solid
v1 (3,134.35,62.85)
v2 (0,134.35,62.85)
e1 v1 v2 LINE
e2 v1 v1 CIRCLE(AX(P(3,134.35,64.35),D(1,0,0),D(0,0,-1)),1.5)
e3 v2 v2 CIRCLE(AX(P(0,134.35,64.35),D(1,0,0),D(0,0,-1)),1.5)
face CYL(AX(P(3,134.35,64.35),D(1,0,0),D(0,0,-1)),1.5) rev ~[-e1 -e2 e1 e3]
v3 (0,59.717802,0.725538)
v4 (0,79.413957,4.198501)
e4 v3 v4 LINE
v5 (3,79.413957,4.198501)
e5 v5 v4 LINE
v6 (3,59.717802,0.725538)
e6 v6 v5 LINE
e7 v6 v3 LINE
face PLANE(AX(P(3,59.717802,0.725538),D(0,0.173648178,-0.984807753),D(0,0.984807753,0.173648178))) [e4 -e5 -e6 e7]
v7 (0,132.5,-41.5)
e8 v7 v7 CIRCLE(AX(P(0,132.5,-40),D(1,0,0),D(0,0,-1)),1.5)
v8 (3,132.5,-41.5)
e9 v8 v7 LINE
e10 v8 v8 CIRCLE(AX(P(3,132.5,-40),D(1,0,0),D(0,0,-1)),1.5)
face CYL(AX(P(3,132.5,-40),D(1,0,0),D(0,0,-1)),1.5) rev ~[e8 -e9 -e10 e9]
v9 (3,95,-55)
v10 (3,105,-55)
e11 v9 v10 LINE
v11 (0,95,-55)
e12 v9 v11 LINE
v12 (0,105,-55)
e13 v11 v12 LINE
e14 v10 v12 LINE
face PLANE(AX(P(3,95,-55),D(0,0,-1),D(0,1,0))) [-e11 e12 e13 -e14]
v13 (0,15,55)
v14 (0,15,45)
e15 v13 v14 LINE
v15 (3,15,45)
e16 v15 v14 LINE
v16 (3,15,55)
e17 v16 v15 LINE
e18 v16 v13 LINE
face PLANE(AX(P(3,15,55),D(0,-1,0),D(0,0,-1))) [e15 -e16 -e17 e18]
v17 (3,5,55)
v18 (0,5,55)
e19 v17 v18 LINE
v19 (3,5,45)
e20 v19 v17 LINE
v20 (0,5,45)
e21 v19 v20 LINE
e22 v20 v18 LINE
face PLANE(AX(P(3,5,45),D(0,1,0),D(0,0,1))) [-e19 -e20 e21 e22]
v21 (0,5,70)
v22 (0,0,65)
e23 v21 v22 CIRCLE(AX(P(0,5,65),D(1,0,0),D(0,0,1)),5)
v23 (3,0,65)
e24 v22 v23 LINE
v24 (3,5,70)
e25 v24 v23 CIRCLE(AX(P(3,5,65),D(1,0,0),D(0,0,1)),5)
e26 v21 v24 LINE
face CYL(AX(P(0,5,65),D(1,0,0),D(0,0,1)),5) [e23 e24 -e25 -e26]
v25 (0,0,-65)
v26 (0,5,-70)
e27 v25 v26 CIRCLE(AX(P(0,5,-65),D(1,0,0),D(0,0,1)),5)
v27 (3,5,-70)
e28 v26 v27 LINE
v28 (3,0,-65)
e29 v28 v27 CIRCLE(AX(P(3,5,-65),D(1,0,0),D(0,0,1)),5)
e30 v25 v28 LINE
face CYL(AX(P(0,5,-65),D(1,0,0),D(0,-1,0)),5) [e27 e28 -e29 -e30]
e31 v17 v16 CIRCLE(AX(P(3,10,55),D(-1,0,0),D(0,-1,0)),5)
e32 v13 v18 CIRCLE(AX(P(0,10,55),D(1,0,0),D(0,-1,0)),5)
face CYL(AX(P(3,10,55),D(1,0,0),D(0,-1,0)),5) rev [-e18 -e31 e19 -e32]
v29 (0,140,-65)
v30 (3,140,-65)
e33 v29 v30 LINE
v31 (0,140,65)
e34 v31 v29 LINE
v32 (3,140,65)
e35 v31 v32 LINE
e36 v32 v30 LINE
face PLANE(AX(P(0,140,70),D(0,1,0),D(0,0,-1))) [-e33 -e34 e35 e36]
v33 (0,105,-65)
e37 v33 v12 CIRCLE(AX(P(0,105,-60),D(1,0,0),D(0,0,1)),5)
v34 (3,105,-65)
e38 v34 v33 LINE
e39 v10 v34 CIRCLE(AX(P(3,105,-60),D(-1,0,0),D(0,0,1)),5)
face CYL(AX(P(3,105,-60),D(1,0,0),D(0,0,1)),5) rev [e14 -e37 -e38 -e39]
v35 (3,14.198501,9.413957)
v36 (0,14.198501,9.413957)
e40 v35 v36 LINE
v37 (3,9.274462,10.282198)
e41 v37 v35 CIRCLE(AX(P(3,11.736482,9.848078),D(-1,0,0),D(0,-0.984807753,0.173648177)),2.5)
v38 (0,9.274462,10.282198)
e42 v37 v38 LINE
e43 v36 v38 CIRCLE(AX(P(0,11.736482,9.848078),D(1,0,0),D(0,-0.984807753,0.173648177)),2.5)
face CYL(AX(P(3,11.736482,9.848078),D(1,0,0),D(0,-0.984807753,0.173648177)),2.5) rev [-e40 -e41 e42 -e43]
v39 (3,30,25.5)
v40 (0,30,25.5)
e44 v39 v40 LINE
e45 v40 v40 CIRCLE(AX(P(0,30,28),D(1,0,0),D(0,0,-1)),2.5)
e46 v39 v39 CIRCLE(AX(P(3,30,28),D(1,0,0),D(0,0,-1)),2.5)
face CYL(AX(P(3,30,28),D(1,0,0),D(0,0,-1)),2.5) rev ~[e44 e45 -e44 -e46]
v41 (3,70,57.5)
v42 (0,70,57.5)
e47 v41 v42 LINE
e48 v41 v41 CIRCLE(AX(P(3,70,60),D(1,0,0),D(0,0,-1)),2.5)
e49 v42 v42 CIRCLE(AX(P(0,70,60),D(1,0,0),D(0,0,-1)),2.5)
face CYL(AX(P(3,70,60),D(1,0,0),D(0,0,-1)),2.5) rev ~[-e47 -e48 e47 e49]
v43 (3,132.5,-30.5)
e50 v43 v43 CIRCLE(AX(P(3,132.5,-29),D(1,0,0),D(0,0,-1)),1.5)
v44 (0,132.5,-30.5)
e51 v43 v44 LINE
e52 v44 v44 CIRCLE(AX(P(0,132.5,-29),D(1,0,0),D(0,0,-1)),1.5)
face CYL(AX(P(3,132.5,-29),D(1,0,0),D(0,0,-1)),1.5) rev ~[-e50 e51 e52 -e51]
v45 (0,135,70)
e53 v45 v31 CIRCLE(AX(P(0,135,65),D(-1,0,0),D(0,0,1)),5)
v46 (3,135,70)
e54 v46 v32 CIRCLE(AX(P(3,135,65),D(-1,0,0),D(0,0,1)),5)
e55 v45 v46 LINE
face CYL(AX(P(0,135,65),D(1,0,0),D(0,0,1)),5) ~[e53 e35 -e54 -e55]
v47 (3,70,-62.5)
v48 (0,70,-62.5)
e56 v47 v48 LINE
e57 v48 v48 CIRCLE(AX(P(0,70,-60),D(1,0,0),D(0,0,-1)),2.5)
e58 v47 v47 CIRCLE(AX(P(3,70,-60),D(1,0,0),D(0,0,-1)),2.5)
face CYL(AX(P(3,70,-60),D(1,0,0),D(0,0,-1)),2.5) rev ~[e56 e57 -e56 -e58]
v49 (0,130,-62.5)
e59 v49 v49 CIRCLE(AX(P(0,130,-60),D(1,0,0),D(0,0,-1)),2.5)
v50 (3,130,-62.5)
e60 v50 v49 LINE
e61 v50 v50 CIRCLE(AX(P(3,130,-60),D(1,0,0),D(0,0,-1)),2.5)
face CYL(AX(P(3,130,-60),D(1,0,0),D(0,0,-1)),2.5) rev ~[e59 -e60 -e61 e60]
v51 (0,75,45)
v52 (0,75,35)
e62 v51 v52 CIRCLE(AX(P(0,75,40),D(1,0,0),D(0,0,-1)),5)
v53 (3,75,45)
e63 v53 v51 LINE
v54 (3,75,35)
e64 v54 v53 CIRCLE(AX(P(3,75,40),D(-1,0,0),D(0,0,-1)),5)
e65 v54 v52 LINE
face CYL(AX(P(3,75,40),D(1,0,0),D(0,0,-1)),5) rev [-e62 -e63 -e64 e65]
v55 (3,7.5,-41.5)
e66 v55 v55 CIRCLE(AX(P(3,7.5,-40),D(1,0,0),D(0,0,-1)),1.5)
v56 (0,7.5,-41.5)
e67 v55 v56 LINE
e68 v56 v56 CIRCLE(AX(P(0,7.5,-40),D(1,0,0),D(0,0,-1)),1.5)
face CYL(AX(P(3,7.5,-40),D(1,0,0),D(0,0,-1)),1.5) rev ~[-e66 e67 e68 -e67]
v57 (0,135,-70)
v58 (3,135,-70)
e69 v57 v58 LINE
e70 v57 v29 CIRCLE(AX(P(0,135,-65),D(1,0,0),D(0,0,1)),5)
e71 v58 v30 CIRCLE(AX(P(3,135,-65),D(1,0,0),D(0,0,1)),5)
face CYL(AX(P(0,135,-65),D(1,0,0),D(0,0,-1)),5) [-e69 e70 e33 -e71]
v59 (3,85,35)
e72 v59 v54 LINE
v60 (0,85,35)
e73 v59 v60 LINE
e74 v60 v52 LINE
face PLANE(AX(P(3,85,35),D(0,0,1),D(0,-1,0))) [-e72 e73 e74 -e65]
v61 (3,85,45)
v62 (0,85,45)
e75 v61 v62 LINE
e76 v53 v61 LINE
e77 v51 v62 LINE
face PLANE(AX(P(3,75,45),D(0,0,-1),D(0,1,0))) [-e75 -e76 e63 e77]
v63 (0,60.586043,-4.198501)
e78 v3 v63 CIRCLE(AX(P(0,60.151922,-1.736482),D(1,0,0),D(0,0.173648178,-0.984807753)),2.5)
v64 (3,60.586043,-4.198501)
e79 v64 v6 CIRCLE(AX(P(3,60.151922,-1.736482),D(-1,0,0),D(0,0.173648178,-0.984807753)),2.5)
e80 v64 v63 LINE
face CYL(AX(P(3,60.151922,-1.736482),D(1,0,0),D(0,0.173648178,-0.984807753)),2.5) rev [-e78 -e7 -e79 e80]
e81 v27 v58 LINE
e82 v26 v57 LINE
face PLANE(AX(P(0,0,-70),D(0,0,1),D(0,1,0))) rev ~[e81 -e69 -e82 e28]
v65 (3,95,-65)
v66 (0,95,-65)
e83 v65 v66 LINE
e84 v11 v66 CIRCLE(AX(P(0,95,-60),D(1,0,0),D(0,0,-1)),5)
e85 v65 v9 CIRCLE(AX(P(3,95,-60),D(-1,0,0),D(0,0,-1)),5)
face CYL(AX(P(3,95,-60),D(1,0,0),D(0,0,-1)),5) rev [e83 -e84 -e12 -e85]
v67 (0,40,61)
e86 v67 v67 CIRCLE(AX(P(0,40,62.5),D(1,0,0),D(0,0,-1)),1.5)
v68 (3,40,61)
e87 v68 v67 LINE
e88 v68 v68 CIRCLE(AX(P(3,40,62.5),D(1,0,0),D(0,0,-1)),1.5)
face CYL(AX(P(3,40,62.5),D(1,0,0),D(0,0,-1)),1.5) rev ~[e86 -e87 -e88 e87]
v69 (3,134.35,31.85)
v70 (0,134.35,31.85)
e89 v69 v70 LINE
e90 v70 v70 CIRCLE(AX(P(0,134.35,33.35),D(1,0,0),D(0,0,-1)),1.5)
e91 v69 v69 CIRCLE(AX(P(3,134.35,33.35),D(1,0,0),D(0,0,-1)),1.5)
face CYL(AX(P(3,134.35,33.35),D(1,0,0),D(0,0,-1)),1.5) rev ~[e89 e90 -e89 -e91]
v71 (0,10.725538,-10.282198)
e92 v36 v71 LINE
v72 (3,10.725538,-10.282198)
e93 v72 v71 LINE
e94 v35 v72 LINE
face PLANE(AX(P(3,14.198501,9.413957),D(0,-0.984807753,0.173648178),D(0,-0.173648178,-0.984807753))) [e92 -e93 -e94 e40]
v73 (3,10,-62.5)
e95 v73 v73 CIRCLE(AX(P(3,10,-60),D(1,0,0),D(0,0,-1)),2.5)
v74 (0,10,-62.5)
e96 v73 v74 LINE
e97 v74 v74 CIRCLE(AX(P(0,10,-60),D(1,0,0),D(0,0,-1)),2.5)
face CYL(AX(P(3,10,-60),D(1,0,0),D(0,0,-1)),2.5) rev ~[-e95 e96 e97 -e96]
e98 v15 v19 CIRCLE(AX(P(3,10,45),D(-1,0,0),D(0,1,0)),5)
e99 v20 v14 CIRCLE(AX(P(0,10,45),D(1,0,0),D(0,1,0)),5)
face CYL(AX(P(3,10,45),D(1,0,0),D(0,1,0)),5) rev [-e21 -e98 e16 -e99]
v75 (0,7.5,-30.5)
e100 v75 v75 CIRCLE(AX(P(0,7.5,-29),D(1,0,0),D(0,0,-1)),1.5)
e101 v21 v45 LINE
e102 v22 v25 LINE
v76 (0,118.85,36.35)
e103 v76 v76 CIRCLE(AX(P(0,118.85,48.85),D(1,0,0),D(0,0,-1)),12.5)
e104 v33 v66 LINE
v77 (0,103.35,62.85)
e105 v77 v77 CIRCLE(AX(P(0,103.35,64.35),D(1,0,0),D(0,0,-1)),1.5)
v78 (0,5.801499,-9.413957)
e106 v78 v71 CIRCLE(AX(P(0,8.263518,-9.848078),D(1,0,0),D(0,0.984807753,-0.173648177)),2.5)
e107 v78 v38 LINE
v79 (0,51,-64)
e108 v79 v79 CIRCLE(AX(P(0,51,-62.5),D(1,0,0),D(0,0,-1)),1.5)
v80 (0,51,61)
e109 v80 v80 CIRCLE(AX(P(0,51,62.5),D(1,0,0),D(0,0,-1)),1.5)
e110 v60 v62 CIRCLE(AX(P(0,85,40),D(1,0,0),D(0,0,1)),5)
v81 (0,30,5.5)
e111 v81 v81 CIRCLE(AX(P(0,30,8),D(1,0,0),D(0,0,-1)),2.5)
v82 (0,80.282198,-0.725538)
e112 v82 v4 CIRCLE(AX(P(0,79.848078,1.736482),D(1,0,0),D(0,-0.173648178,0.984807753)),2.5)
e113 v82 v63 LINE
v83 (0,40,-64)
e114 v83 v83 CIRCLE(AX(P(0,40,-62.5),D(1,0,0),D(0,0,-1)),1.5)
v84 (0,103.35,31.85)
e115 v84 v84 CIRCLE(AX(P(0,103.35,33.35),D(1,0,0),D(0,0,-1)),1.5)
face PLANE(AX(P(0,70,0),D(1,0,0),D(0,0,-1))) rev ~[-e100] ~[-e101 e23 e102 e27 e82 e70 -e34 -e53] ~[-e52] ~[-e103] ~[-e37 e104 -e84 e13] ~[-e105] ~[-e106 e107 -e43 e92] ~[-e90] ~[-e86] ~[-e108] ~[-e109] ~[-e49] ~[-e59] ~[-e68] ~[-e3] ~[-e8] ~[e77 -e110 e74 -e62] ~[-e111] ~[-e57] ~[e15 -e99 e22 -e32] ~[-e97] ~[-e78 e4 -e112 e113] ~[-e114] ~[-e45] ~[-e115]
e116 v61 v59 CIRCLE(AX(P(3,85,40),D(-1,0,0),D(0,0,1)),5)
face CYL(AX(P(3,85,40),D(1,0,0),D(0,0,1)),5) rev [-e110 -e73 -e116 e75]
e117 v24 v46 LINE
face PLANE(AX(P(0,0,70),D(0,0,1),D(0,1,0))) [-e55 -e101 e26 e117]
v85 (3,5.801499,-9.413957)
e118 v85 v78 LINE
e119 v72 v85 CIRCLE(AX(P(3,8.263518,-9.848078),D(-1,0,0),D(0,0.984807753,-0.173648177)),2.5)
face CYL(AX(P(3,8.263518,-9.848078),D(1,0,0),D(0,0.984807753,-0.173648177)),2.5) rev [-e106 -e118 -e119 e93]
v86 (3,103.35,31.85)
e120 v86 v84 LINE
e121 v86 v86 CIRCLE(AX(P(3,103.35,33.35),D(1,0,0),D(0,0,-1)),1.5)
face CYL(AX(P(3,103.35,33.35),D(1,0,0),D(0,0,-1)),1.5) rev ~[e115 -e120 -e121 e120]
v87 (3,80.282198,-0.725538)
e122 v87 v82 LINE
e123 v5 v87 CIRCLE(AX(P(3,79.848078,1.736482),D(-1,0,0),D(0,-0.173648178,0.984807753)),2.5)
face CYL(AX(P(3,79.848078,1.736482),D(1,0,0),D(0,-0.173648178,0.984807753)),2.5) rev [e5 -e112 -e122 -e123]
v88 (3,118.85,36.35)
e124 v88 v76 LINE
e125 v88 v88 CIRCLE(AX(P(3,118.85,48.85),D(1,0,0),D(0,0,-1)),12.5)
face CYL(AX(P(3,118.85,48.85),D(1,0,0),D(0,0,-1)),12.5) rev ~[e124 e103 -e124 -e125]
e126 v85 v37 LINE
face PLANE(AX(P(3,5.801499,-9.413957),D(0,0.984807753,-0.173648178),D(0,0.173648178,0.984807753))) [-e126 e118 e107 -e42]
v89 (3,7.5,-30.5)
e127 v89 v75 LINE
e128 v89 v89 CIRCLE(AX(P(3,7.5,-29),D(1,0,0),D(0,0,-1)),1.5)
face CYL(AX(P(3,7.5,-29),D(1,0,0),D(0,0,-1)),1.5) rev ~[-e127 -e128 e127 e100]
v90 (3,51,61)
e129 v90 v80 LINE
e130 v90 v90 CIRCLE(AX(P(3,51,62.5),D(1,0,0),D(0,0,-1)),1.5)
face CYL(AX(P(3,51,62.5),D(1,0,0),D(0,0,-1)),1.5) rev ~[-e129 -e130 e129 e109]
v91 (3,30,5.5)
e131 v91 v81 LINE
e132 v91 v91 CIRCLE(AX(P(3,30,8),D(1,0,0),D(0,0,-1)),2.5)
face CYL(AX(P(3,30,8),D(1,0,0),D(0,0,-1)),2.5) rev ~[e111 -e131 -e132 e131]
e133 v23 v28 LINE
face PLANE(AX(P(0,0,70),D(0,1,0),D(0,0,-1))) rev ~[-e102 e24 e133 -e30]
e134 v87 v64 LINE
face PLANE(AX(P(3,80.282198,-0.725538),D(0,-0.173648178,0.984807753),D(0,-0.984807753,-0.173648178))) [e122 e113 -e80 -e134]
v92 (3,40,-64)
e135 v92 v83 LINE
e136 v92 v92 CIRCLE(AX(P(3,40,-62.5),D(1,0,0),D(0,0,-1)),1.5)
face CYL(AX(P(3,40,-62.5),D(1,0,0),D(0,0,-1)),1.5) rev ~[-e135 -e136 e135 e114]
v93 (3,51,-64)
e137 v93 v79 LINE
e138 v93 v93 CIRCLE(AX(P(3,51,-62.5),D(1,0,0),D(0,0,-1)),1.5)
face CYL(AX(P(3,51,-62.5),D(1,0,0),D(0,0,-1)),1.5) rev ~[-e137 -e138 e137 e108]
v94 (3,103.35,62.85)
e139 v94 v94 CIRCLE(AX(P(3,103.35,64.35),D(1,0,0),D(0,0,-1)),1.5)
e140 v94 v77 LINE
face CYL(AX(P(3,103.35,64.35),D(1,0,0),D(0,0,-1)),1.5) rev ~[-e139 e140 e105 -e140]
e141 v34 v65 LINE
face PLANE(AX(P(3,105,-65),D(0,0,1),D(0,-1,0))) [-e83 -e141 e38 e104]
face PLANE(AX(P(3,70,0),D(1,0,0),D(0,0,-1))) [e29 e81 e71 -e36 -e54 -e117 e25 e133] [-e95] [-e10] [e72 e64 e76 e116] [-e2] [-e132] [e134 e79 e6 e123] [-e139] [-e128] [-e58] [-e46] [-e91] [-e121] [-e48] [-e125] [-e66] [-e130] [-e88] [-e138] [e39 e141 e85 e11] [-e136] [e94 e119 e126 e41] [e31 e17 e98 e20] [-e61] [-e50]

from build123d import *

# Parameters (mm, degrees)
SKETCH1_W                               = 140
SKETCH1_H                               = 140
BASE_PLATE_DEPTH                        = 3
BASE_PLATE_CORNER_ROUNDING_R            = 5
SKETCH2_R                               = 2.5
V_WHEEL_SLOTS_AND_HOLES_DEPTH           = 4
SKETCH4_R                               = 1.5
MOTOR_MOUNT_HOLES_DEPTH                 = 4
MOTOR_MOUNT_HOLES_PATTERN_COUNT         = 2
MOTOR_MOUNT_HOLES_PATTERN_PITCH         = 31
MOTOR_MOUNT_HOLES_PATTERN_COUNT_DIR2    = 2
MOTOR_MOUNT_HOLES_PATTERN_PITCH_DIR2    = 31
SKETCH5_R                               = 12.5
MOTOR_HOLE_DEPTH                        = 4
SKETCH6_R                               = 2.5
THREADED_ROD_BLOCK_MOUNTING_HOLES_DEPTH = 4
SKETCH7_R                               = 1.5
ENDSTOP_MOUNTING_HOLES_DEPTH            = 4
WIRE_ROUTING_SLOTS_DEPTH                = 4


with BuildPart() as part:
    # Sketch1 → Base Plate (new body)
    with BuildSketch(Plane(origin=(0, 0, 0), x_dir=(0, 0, -1), z_dir=(1, 0, 0))):
        with Locations((0, 70)):
            Rectangle(SKETCH1_W, SKETCH1_H)
    extrude(amount=BASE_PLATE_DEPTH)

    # Base Plate Corner Rounding
    base_plate_corner_rounding_edges = [part.edges().sort_by_distance(p)[0] for p in [
        (1.5, 140, 70),
        (1.5, 140, -70),
        (1.5, 0, -70),
        (1.5, 0, 70),
    ]]
    fillet(base_plate_corner_rounding_edges, radius=BASE_PLATE_CORNER_ROUNDING_R)

    # Sketch2 → V Wheel Slots and Holes (cut, through all)
    with BuildSketch(Plane(origin=(3, 0, 0), x_dir=(0, 0, -1), z_dir=(1, 0, 0))):
        with Locations((60, 70)):
            Circle(SKETCH2_R)
        with Locations((-60, 70)):
            Circle(SKETCH2_R)
        with Locations((60, 10)):
            Circle(SKETCH2_R)
        with Locations((60, 130)):
            Circle(SKETCH2_R)
        with BuildLine():
            Line((-9.413957086, 14.198501159), (10.282197974, 10.725537606))
            ThreePointArc((10.282197974, 10.725537606), (12.310096913, 7.829397779), (9.413957086, 5.801498841))
            Line((9.413957086, 5.801498841), (-10.282197974, 9.274462394))
            ThreePointArc((-10.282197974, 9.274462394), (-12.310096913, 12.170602221), (-9.413957086, 14.198501159))
        make_face()
        with BuildLine():
            Line((0.725537606, 80.282197974), (4.198501159, 60.586042914))
            ThreePointArc((4.198501159, 60.586042914), (2.170602221, 57.689903087), (-0.725537606, 59.717802026))
            Line((-0.725537606, 59.717802026), (-4.198501159, 79.413957086))
            ThreePointArc((-4.198501159, 79.413957086), (-2.170602221, 82.310096913), (0.725537606, 80.282197974))
        make_face()
    extrude(amount=-V_WHEEL_SLOTS_AND_HOLES_DEPTH, mode=Mode.SUBTRACT)

    # Sketch4 → Motor Mount Holes (cut, through all)
    with BuildSketch(Plane(origin=(3, 0, 0), x_dir=(0, 0, -1), z_dir=(1, 0, 0))):
        with Locations((-64.35, 134.35)):
            Circle(SKETCH4_R)
    motor_mount_holes = extrude(amount=-MOTOR_MOUNT_HOLES_DEPTH, mode=Mode.SUBTRACT)

    # Motor Mount Holes Pattern: Motor Mount Holes 2 × 2
    with Locations(*[(0, -j * MOTOR_MOUNT_HOLES_PATTERN_PITCH_DIR2, -i * MOTOR_MOUNT_HOLES_PATTERN_PITCH) for i in range(MOTOR_MOUNT_HOLES_PATTERN_COUNT) for j in range(MOTOR_MOUNT_HOLES_PATTERN_COUNT_DIR2) if (i, j) != (0, 0)]):
        add(motor_mount_holes, mode=Mode.SUBTRACT)

    # Sketch5 → Motor Hole (cut, through all)
    with BuildSketch(Plane(origin=(3, 0, 0), x_dir=(0, 0, -1), z_dir=(1, 0, 0))):
        with Locations((-48.85, 118.85)):
            Circle(SKETCH5_R)
    extrude(amount=-MOTOR_HOLE_DEPTH, mode=Mode.SUBTRACT)

    # Sketch6 → Threaded Rod Block Mounting Holes (cut, through all)
    with BuildSketch(Plane(origin=(3, 0, 0), x_dir=(0, 0, -1), z_dir=(1, 0, 0))):
        with Locations((-8, 30)):
            Circle(SKETCH6_R)
        with Locations((-28, 30)):
            Circle(SKETCH6_R)
    extrude(amount=-THREADED_ROD_BLOCK_MOUNTING_HOLES_DEPTH, mode=Mode.SUBTRACT)

    # Sketch7 → Endstop Mounting Holes (cut, through all)
    with BuildSketch(Plane(origin=(3, 0, 0), x_dir=(0, 0, -1), z_dir=(1, 0, 0))):
        with Locations((-62.5, 51)):
            Circle(SKETCH7_R)
        with Locations((-62.5, 40)):
            Circle(SKETCH7_R)
        with Locations((62.5, 51)):
            Circle(SKETCH7_R)
        with Locations((62.5, 40)):
            Circle(SKETCH7_R)
        with Locations((40, 132.5)):
            Circle(SKETCH7_R)
        with Locations((29, 132.5)):
            Circle(SKETCH7_R)
        with Locations((40, 7.5)):
            Circle(SKETCH7_R)
        with Locations((29, 7.5)):
            Circle(SKETCH7_R)
    extrude(amount=-ENDSTOP_MOUNTING_HOLES_DEPTH, mode=Mode.SUBTRACT)

    # Sketch8 → Wire Routing Slots (cut, through all)
    with BuildSketch(Plane(origin=(3, 0, 0), x_dir=(0, 0, -1), z_dir=(1, 0, 0))):
        with BuildLine():
            Line((65, 105), (65, 95))
            ThreePointArc((65, 95), (60, 90), (55, 95))
            Line((55, 95), (55, 105))
            ThreePointArc((55, 105), (60, 110), (65, 105))
        make_face()
        with BuildLine():
            Line((-35, 85), (-35, 75))
            ThreePointArc((-35, 75), (-40, 70), (-45, 75))
            Line((-45, 75), (-45, 85))
            ThreePointArc((-45, 85), (-40, 90), (-35, 85))
        make_face()
        with BuildLine():
            Line((-55, 15), (-45, 15))
            ThreePointArc((-45, 15), (-40, 10), (-45, 5))
            Line((-45, 5), (-55, 5))
            ThreePointArc((-55, 5), (-60, 10), (-55, 15))
        make_face()
    extrude(amount=-WIRE_ROUTING_SLOTS_DEPTH, mode=Mode.SUBTRACT)


solid = part.part
